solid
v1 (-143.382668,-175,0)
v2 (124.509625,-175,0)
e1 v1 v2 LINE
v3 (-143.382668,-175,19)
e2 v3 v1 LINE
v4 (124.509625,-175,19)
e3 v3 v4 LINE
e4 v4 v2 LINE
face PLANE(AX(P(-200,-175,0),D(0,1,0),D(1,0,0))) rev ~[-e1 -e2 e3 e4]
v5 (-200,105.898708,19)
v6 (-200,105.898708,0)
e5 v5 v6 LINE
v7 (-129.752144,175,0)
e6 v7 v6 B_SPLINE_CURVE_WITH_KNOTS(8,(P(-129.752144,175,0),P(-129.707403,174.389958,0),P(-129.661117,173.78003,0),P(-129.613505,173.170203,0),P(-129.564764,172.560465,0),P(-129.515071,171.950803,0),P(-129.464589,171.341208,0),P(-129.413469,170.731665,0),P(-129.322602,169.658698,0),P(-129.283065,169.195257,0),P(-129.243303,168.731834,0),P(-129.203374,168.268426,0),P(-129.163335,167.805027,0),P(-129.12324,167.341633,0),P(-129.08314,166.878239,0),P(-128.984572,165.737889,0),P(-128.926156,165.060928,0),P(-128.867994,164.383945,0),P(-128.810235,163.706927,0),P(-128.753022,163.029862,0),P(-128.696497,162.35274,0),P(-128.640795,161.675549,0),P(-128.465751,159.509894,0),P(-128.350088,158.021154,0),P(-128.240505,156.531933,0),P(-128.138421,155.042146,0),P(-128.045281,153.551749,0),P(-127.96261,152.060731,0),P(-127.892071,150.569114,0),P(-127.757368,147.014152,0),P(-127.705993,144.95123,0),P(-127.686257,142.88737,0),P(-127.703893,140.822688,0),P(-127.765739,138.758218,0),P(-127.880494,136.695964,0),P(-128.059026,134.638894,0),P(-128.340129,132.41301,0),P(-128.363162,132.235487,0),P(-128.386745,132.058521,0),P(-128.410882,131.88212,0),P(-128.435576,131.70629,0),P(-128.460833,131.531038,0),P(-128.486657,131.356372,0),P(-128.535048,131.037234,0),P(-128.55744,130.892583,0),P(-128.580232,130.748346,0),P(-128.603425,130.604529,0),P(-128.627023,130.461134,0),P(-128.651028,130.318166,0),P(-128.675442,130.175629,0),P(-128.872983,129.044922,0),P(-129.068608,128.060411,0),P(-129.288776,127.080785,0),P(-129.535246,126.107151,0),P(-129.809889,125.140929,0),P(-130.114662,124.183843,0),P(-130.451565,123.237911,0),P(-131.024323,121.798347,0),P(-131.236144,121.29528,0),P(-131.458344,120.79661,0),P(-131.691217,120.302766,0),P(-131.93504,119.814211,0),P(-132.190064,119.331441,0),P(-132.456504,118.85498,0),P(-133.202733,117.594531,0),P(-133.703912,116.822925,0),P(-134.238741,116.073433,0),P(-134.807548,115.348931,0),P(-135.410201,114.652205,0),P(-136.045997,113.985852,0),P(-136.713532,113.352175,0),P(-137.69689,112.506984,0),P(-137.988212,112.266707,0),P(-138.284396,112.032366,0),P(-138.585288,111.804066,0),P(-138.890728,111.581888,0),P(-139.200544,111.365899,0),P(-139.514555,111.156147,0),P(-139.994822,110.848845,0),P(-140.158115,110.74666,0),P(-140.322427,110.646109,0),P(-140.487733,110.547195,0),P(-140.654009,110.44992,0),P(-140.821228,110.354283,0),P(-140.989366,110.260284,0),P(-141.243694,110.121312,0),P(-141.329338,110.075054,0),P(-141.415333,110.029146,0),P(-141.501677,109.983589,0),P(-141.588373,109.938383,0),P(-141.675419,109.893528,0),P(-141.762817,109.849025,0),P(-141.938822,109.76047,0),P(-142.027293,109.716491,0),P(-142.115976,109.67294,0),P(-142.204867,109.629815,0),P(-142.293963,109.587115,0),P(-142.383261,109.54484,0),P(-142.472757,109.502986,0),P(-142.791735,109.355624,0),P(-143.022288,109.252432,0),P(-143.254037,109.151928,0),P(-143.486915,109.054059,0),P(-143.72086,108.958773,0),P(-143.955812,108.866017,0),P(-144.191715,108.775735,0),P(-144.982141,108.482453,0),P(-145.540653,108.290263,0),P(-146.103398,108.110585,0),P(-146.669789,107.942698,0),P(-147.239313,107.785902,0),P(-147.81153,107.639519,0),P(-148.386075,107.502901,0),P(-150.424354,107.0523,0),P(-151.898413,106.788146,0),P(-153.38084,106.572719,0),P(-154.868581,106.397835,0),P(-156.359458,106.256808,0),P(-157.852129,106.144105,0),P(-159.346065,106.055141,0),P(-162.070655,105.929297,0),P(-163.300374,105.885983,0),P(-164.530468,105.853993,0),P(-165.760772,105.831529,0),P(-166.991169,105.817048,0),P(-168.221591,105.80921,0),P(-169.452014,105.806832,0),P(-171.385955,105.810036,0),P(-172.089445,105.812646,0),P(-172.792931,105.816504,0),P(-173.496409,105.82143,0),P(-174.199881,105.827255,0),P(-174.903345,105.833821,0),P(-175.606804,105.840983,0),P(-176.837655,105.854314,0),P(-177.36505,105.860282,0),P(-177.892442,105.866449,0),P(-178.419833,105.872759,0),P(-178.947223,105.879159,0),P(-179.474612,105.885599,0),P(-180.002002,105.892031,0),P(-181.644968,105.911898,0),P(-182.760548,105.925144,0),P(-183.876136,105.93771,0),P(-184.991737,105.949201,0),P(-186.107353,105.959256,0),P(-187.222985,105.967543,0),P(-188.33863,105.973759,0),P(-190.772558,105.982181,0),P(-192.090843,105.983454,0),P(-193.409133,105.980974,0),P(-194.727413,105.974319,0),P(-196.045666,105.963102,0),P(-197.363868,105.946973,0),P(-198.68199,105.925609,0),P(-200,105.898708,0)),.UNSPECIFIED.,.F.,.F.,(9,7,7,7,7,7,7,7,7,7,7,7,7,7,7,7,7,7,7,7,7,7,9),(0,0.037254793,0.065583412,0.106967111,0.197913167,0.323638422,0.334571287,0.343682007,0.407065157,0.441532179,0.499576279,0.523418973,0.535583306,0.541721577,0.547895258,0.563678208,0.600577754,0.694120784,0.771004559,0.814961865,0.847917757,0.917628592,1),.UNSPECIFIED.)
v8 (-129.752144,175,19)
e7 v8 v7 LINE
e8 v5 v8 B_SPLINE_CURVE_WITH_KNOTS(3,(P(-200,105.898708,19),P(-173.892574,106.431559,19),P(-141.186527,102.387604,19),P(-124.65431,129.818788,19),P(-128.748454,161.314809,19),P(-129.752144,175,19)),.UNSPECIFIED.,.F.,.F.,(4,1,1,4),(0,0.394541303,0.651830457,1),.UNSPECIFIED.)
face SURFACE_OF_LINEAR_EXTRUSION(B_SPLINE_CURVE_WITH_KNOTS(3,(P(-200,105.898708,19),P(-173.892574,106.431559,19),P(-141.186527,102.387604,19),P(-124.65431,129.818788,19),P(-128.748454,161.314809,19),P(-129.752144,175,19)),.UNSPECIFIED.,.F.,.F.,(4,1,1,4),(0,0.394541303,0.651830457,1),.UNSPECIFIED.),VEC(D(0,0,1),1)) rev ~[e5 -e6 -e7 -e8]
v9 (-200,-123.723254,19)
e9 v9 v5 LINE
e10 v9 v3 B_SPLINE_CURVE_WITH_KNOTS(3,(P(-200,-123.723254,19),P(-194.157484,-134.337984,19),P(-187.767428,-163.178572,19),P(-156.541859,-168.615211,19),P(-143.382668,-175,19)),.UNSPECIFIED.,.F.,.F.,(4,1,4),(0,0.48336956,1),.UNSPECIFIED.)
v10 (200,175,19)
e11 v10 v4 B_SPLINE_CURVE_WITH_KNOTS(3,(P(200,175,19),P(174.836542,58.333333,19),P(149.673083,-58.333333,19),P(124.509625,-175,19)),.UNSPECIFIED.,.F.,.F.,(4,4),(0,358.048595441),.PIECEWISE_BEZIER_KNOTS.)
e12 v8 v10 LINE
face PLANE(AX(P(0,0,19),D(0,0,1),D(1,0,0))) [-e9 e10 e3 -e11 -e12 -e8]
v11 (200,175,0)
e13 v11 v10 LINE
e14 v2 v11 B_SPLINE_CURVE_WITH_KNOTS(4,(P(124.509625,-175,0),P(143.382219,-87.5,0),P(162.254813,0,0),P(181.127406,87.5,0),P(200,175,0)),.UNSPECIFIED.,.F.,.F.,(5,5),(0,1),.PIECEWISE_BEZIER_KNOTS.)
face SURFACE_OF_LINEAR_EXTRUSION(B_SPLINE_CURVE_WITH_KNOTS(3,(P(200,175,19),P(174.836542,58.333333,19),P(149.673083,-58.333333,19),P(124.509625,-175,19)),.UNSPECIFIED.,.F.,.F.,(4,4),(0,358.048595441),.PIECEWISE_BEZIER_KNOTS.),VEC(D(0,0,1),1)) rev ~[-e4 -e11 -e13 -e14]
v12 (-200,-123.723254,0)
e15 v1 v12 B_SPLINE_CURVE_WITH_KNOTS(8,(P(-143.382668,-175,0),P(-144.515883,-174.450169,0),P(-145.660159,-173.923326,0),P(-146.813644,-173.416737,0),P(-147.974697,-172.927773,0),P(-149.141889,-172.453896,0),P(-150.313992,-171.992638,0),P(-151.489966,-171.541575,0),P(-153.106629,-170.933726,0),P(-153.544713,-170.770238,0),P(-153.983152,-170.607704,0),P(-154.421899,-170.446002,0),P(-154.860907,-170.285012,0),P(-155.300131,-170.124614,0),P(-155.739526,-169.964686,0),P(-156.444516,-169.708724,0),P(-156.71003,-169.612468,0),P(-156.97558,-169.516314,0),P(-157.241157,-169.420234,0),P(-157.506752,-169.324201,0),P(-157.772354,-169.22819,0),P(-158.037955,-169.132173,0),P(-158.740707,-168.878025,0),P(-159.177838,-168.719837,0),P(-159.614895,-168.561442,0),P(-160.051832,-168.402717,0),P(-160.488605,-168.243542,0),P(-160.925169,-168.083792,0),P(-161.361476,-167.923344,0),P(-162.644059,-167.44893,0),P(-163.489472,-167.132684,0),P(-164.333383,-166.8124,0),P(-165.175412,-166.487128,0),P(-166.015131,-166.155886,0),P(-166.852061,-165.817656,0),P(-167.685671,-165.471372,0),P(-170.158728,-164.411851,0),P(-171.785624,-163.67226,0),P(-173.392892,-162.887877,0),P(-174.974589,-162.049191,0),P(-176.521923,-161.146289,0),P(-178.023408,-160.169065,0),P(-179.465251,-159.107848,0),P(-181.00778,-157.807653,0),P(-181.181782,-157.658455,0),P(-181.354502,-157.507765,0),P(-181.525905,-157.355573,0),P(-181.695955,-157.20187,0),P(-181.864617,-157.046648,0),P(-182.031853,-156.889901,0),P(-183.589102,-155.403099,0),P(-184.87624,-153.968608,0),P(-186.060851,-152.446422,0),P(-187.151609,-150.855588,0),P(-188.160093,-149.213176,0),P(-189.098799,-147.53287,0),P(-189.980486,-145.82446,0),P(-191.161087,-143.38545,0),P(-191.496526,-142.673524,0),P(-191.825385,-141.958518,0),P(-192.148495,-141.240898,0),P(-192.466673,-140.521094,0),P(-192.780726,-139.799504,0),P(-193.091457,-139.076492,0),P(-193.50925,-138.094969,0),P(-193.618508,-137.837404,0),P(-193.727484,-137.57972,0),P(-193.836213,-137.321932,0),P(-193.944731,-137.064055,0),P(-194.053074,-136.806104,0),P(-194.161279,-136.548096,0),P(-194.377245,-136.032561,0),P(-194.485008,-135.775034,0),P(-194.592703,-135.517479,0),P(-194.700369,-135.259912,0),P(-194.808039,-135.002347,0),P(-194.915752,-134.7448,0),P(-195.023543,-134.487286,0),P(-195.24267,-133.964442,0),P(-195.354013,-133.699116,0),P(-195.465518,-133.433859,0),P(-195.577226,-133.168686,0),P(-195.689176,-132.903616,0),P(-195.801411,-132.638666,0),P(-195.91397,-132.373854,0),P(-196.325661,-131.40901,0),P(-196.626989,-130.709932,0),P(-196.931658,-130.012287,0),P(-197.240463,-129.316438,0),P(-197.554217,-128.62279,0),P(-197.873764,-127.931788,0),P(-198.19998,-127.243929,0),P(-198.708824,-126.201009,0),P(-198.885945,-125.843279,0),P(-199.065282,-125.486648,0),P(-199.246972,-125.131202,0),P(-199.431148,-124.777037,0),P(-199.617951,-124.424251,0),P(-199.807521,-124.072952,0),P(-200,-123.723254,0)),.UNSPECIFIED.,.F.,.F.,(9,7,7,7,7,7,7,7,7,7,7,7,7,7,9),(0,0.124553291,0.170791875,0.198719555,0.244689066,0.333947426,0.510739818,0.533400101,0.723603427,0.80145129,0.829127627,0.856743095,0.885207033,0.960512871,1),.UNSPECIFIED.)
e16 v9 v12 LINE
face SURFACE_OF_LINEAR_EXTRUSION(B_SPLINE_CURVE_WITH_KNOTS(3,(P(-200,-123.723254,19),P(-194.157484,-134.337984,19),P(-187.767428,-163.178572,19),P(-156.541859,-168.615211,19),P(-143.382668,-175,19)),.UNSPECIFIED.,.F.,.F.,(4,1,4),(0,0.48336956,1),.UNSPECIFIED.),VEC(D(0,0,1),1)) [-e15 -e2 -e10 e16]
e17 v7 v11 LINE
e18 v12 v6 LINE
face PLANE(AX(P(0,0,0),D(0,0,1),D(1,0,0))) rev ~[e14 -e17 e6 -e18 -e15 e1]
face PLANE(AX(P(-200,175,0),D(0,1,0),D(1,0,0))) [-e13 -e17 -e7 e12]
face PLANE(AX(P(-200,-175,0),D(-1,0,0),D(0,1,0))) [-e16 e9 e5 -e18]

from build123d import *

# Parameters (mm, degrees)
F0_W     = 400
F0_H     = 350
F1_DEPTH = 19
F3_DEPTH = 19.001
F5_DEPTH = 19.0010001
F7_DEPTH = 19.0010001


with BuildPart() as f1:
    # F0 (on Top) → F1 (new body)
    with BuildSketch(Plane.XY):
        Rectangle(F0_W, F0_H)
    extrude(amount=F1_DEPTH)

    # F2 (on face) → F3 (cut, through all)
    with BuildSketch(Plane.XY.offset(19)):
        with BuildLine():
            Line((-200, 175), (-200, 105.8987081051))
            add(Edge.make_bspline(
                [(-200, 105.8987081051), (-173.8925740945, 106.431558986), (-141.1865267667, 102.3876044201), (-124.6543102784, 129.8187881504), (-128.7484537478, 161.3148090825), (-129.7521442175, 175)],
                knots=[0, 0, 0, 0, 0.3945413032, 0.6518304565, 1, 1, 1, 1], degree=3))
            Line((-129.7521442175, 175), (-200, 175))
        make_face()
    extrude(amount=-F3_DEPTH, mode=Mode.SUBTRACT)

    # F4 (on face) → F5 (cut, through all)
    with BuildSketch(Plane.XY.offset(19)):
        with BuildLine():
            add(Edge.make_bspline(
                [(200, 175), (200, 58.3333333333), (200, -58.3333333333), (200, -175)],
                knots=[0, 0, 0, 0, 350, 350, 350, 350], degree=3))
            add(Edge.make_bspline(
                [(200, 175), (174.8365417123, 58.3333333333), (149.6730834246, -58.3333333333), (124.5096251369, -175)],
                knots=[0, 0, 0, 0, 358.0485954406, 358.0485954406, 358.0485954406, 358.0485954406], degree=3))
            add(Edge.make_bspline(
                [(200, -175), (174.8365417123, -175), (149.6730834246, -175), (124.5096251369, -175)],
                knots=[0, 0, 0, 0, 75.4903748631, 75.4903748631, 75.4903748631, 75.4903748631], degree=3))
        make_face()
    extrude(amount=-F5_DEPTH, mode=Mode.SUBTRACT)

    # F6 (on face) → F7 (cut, through all)
    with BuildSketch(Plane.XY.offset(19)):
        with BuildLine():
            add(Edge.make_bspline(
                [(-200, -123.7232536077), (-194.1574839929, -134.3379844624), (-187.7674284308, -163.1785715705), (-156.5418592203, -168.6152111018), (-143.3826684952, -175)],
                knots=[0, 0, 0, 0, 0.4833695599, 1, 1, 1, 1], degree=3))
            Line((-200, -123.7232536077), (-200, -175))
            Line((-200, -175), (-143.3826684952, -175))
        make_face()
    extrude(amount=-F7_DEPTH, mode=Mode.SUBTRACT)


solid = f1.part
